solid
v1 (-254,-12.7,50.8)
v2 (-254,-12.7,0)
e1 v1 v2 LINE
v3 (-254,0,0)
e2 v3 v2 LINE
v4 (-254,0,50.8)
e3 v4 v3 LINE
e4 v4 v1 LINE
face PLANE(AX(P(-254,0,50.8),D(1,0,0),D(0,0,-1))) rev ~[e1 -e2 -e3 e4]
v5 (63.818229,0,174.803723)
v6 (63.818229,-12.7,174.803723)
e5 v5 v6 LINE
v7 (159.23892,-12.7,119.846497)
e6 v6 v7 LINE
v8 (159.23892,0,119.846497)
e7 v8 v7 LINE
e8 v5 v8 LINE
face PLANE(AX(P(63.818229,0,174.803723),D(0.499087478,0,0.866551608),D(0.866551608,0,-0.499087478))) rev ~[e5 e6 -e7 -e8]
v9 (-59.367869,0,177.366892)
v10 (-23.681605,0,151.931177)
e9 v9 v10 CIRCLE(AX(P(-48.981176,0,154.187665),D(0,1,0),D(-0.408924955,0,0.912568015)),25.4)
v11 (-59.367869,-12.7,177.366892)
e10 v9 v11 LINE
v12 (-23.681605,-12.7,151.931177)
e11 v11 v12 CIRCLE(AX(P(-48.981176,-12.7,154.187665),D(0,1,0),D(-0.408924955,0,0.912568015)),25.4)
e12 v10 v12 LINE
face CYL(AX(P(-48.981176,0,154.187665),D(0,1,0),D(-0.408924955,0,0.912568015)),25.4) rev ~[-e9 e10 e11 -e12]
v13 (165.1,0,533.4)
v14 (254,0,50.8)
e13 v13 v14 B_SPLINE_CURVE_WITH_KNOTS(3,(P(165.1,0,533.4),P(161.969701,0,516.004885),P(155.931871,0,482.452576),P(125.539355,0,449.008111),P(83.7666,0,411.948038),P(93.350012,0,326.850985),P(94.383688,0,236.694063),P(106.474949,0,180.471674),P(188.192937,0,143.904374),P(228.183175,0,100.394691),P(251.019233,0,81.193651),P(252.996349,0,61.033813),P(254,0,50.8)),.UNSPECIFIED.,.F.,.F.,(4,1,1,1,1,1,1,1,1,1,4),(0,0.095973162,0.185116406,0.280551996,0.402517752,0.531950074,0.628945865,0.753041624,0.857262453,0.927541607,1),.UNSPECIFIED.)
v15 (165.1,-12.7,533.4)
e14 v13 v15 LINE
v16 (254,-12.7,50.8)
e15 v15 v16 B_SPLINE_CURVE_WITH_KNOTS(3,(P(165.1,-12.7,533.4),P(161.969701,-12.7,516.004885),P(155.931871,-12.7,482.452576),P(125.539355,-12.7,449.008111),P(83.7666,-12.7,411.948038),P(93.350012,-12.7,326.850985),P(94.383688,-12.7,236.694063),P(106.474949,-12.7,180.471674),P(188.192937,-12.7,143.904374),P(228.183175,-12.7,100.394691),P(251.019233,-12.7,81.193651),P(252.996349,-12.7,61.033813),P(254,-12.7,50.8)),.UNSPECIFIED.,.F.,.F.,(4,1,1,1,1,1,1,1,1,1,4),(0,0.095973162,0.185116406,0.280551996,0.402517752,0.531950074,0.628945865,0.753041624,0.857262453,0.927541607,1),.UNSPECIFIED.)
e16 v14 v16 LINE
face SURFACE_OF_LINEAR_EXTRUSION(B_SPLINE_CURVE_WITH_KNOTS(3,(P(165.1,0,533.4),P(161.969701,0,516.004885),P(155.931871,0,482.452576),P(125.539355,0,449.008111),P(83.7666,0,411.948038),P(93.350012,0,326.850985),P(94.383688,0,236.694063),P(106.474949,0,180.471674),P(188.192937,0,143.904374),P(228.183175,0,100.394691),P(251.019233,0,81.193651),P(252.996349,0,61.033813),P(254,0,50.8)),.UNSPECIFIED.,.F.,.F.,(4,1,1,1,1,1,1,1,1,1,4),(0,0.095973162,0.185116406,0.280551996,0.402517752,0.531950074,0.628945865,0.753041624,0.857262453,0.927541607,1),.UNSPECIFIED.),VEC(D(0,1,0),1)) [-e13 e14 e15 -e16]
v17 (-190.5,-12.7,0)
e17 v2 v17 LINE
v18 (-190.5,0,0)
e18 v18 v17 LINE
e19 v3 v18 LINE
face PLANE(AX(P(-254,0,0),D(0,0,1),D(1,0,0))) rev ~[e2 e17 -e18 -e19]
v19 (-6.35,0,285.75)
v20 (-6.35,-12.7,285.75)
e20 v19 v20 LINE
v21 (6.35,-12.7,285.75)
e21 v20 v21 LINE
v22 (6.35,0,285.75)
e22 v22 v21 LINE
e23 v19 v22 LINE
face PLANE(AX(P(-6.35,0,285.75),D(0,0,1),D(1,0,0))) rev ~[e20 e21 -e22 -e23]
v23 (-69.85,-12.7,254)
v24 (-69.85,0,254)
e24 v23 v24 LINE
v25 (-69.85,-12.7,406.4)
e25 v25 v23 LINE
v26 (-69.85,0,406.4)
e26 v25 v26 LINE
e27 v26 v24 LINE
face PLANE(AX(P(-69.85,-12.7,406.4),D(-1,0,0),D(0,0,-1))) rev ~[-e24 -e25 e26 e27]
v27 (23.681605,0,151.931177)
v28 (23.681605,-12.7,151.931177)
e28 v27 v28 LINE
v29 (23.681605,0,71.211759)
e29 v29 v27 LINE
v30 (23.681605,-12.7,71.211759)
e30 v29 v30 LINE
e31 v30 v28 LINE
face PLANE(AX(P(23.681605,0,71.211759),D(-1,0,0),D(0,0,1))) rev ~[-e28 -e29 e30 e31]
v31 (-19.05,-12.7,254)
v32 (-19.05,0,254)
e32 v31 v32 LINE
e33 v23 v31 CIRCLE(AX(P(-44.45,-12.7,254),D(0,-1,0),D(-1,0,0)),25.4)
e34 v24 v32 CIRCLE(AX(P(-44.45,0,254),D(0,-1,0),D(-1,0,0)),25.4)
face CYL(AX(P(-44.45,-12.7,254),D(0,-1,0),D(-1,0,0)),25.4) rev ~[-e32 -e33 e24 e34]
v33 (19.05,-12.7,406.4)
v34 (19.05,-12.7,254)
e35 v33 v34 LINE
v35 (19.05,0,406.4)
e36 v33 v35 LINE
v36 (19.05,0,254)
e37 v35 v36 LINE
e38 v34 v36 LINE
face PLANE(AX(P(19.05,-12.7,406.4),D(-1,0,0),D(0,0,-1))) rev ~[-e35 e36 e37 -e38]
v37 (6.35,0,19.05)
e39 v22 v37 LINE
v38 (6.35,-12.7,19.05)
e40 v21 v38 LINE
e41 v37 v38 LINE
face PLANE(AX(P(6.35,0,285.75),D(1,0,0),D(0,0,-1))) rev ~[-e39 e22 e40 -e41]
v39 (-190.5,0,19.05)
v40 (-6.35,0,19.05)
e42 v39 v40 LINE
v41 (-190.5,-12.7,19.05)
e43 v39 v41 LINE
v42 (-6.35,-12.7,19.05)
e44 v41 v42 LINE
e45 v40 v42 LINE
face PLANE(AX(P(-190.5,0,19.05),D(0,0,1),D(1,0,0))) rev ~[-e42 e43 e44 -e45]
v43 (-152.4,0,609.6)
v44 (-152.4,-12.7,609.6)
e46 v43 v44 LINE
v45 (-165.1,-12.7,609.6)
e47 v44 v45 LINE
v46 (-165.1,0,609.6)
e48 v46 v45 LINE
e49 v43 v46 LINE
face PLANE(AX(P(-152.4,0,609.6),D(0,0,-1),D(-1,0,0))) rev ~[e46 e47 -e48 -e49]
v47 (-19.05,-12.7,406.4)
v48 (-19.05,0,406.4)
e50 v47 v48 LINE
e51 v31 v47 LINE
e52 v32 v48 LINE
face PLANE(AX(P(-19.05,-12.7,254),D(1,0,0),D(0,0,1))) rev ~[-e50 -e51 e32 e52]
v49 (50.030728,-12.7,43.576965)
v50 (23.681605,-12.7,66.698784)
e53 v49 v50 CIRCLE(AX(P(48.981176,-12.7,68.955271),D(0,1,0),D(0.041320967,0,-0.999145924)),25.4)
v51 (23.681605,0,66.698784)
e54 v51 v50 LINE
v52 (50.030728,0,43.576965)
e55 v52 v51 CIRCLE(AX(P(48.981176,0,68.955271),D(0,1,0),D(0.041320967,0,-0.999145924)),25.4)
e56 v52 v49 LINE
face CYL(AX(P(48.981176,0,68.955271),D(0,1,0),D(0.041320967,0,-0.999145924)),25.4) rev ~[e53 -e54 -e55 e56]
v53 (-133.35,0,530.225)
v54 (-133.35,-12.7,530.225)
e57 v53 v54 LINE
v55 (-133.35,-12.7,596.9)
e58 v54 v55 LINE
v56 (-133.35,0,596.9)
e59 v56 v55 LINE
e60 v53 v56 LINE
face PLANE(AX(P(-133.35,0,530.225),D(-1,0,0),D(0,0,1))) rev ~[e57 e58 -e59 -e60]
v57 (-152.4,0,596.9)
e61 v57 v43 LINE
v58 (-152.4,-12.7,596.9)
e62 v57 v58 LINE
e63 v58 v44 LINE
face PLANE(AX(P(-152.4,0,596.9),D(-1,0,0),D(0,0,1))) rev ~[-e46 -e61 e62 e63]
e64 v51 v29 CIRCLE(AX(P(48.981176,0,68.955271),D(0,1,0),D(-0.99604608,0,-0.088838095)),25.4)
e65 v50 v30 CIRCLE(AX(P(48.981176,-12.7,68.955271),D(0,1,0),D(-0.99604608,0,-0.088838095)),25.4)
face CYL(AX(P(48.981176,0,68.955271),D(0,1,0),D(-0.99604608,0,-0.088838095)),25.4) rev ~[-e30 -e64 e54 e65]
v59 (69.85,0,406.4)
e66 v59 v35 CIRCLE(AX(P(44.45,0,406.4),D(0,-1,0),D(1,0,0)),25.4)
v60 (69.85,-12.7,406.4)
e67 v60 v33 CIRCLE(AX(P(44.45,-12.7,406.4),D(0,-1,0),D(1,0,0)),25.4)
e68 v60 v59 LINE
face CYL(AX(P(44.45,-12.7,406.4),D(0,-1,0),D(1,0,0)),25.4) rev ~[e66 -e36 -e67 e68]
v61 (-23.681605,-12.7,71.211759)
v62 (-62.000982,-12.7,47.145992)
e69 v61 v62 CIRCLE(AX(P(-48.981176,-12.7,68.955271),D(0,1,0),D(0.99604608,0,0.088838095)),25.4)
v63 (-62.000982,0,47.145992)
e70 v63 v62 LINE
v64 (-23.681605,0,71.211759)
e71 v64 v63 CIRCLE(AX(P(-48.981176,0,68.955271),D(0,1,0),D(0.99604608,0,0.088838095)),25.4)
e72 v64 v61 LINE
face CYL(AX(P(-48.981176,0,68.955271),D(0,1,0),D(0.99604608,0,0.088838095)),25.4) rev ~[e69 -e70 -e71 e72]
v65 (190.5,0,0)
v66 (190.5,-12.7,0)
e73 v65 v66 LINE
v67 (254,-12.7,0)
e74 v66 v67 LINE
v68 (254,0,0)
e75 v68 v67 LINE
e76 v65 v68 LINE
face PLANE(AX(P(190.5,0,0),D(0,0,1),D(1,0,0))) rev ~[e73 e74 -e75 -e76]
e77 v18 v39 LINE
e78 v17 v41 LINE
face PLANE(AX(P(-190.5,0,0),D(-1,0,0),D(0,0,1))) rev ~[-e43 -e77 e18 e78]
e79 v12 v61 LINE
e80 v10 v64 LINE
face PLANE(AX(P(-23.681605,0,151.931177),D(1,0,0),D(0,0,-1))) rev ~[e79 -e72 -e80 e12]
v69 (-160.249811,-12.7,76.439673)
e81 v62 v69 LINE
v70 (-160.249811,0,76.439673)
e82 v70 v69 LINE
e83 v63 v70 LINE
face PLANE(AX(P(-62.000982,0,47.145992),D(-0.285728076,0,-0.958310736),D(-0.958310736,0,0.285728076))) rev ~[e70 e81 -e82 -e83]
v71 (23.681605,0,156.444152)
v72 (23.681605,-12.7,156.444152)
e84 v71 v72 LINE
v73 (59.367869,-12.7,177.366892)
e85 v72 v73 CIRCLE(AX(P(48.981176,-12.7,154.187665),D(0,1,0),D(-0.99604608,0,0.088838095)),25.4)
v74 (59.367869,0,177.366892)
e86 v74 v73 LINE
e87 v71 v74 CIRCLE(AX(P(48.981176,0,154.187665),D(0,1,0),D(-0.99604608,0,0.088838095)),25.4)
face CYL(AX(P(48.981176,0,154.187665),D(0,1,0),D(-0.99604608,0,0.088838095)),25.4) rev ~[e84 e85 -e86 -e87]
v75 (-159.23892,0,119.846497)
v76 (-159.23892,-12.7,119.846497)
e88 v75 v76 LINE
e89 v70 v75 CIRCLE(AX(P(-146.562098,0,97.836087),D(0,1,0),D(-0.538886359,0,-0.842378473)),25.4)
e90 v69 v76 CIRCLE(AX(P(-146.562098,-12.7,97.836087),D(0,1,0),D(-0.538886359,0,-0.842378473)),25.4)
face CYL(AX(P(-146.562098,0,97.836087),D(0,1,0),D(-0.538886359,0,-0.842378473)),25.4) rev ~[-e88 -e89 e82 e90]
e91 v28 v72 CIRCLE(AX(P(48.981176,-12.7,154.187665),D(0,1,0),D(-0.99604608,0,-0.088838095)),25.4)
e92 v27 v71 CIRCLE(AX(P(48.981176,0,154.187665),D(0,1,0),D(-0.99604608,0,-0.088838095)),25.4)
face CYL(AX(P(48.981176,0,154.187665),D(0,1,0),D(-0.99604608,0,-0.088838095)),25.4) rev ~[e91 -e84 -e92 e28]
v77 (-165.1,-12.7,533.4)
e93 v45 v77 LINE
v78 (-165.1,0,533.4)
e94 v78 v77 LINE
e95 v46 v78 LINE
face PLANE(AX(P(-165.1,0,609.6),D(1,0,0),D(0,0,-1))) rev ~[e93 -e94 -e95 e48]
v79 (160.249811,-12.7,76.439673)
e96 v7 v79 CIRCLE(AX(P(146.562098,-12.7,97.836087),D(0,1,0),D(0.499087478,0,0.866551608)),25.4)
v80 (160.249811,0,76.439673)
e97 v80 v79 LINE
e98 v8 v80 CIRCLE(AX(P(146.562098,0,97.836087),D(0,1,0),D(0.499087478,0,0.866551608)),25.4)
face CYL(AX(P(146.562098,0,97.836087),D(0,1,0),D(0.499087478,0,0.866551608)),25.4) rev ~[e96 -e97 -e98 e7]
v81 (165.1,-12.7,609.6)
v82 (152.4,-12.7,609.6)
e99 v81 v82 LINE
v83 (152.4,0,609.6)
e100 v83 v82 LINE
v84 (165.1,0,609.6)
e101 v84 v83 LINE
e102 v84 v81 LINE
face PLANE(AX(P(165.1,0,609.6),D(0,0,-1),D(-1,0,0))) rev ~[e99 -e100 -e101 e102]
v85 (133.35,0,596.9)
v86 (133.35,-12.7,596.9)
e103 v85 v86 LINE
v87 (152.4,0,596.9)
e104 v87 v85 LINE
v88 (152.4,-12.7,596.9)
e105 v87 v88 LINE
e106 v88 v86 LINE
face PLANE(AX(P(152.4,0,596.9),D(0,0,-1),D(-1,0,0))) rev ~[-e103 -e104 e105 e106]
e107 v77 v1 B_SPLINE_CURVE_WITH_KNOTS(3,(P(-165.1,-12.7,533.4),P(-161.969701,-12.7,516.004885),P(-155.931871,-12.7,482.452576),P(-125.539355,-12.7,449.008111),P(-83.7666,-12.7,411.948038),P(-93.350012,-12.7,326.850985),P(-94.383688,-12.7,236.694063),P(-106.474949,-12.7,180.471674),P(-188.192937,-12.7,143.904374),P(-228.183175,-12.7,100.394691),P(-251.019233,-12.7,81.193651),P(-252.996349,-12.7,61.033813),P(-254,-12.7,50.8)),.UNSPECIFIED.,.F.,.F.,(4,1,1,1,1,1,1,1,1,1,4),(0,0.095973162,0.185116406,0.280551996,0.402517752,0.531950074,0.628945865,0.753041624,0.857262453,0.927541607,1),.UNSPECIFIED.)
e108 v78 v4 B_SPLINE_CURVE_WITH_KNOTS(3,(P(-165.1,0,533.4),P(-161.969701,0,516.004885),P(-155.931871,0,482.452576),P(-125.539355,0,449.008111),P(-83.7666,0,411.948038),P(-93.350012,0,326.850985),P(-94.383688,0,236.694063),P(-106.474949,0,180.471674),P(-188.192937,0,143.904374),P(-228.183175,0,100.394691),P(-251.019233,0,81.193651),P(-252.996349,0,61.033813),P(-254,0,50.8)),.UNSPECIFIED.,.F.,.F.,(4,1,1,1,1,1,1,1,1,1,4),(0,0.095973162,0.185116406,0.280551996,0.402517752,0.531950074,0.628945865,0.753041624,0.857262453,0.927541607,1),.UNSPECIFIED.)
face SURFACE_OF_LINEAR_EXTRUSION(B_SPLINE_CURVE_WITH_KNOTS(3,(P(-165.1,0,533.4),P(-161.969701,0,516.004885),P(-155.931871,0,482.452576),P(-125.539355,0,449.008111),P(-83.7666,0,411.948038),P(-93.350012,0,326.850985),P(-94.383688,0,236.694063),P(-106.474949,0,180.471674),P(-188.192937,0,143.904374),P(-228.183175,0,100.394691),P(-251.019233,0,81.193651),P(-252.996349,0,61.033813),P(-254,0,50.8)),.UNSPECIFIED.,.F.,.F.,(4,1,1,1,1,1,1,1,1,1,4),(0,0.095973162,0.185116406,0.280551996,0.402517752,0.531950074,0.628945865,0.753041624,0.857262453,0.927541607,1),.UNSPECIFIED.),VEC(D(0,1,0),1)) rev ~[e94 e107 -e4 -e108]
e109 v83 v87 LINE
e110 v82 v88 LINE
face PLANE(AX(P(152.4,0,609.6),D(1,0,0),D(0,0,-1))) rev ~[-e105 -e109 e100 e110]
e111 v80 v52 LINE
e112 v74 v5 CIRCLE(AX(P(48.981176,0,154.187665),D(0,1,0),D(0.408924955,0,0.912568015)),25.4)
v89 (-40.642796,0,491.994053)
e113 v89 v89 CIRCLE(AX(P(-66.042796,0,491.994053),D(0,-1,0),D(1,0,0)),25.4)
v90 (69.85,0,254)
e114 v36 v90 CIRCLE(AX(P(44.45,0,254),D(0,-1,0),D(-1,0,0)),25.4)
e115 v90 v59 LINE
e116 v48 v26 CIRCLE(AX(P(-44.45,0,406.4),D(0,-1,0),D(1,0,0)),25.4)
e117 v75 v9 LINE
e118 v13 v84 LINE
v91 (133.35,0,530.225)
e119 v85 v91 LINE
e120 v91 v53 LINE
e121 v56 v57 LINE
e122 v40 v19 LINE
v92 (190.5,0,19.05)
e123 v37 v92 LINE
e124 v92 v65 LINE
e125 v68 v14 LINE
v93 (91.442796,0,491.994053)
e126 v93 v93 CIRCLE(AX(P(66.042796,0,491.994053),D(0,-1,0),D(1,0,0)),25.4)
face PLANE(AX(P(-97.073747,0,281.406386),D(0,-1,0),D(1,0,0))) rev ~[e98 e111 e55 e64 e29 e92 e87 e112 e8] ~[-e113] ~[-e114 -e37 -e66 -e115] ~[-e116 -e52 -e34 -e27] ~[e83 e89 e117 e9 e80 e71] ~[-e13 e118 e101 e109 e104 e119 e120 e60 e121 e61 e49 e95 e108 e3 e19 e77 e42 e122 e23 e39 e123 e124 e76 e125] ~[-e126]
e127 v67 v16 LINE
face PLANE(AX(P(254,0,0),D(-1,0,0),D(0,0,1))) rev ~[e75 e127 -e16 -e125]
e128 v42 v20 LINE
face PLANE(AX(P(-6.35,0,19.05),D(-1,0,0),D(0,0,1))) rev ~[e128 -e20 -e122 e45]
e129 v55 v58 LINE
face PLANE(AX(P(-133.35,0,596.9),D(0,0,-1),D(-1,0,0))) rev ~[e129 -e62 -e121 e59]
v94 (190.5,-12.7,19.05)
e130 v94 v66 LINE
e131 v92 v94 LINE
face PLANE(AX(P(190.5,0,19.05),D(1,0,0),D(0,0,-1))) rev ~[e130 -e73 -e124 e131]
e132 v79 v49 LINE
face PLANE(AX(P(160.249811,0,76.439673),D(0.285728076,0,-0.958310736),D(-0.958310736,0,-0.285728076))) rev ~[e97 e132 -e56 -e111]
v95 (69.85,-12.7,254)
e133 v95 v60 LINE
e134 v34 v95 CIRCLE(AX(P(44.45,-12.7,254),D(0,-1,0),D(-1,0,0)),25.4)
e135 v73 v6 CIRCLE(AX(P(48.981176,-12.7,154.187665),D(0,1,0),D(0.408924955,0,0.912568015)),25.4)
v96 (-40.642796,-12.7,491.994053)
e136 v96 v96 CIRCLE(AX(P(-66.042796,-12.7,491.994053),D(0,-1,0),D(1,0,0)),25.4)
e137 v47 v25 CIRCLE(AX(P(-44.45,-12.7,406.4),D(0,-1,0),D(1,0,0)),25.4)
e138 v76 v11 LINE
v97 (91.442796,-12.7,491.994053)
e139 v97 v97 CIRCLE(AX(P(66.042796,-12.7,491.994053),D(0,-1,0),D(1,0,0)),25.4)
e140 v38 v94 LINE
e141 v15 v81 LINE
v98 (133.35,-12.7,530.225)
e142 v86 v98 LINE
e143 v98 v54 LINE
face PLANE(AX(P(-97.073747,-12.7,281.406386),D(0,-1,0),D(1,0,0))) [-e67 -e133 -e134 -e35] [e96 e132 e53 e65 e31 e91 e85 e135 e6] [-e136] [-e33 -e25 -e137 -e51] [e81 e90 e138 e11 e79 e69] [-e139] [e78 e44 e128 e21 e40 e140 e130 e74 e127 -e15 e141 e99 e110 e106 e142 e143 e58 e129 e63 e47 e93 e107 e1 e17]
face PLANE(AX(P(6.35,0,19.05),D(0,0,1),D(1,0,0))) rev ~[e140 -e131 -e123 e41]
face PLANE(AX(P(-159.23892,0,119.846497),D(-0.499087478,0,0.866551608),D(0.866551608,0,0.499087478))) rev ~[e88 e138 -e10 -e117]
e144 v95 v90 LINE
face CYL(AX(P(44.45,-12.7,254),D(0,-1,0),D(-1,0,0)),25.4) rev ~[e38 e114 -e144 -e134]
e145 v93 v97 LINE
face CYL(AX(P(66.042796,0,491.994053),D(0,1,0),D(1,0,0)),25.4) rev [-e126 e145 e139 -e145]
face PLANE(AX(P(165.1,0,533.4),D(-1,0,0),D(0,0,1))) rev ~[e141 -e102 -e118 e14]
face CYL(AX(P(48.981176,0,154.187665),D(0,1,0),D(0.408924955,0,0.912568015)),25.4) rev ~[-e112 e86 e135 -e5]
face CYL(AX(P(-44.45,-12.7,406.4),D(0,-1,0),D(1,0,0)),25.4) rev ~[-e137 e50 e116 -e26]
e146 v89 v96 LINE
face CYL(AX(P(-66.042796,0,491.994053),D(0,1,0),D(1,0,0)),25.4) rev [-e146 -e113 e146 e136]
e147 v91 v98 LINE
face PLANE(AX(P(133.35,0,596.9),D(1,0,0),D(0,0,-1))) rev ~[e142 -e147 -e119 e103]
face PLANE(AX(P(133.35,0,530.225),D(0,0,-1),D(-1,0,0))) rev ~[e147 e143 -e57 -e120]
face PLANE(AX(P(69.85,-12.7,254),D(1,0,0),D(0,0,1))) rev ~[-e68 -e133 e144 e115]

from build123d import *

# Parameters (mm, degrees)
F0_R     = 25.4
F1_DEPTH = 12.7
F3_DEPTH = 25.4


with BuildPart() as f1:
    # F0 (on Front) → F1 (new body)
    with BuildSketch(Plane.XZ):
        with BuildLine():
            Line((-6.35, 285.75), (0, 285.75))
            Line((0, 285.75), (0, 530.225))
            Line((0, 530.225), (-133.35, 530.225))
            Line((-133.35, 530.225), (-133.35, 596.9))
            Line((-133.35, 596.9), (-152.4, 596.9))
            Line((-152.4, 596.9), (-152.4, 609.6))
            Line((-152.4, 609.6), (-165.1, 609.6))
            Line((-165.1, 609.6), (-165.1, 533.4))
            add(Edge.make_bspline(
                [(-165.1, 533.4), (-161.9697013836, 516.0048850618), (-155.9318714731, 482.4525764355), (-125.5393550755, 449.0081112221), (-83.7666001834, 411.9480381505), (-93.3500119565, 326.8509854997), (-94.3836877464, 236.6940625404), (-106.4749493008, 180.4716743188), (-188.1929374524, 143.9043740357), (-228.1831750573, 100.3946907978), (-251.0192334088, 81.1936508198), (-252.9963492936, 61.0338134106), (-254, 50.8)],
                knots=[0, 0, 0, 0, 0.0959731621, 0.1851164057, 0.2805519957, 0.4025177519, 0.5319500735, 0.6289458648, 0.7530416243, 0.8572624534, 0.9275416072, 1, 1, 1, 1], degree=3))
            Line((-254, 50.8), (-254, 0))
            Line((-254, 0), (-190.5, 0))
            Line((-190.5, 0), (-190.5, 19.05))
            Line((-190.5, 19.05), (-6.35, 19.05))
            Line((-6.35, 19.05), (-6.35, 285.75))
        make_face()
        with BuildLine():
            Line((-62.0009822206, 47.1459924547), (-160.2498111723, 76.4396733512))
            ThreePointArc((-160.2498111723, 76.4396733512), (-171.9552123835, 98.4274609924), (-159.2389195946, 119.8464973987))
            Line((-159.2389195946, 119.8464973987), (-59.3678694771, 177.3668921793))
            ThreePointArc((-59.3678694771, 177.3668921793), (-34.2386394195, 174.8714173249), (-23.6816051959, 151.9311769942))
            Line((-23.6816051959, 151.9311769942), (-23.6816051959, 71.2117587397))
            ThreePointArc((-23.6816051959, 71.2117587397), (-35.4723478909, 47.4454693261), (-62.0009822206, 47.1459924547))
        make_face(mode=Mode.SUBTRACT)
        with Locations((-66.0427957773, 491.9940531254)):
            Circle(F0_R, mode=Mode.SUBTRACT)
        with BuildLine():
            Line((0, 530.225), (0, 285.75))
            Line((0, 285.75), (6.35, 285.75))
            Line((6.35, 285.75), (6.35, 19.05))
            Line((6.35, 19.05), (190.5, 19.05))
            Line((190.5, 19.05), (190.5, 0))
            Line((190.5, 0), (254, 0))
            Line((254, 0), (254, 50.8))
            add(Edge.make_bspline(
                [(165.1, 533.4), (161.9697013836, 516.0048850618), (155.9318714731, 482.4525764355), (125.5393550755, 449.0081112221), (83.7666001834, 411.9480381505), (93.3500119565, 326.8509854997), (94.3836877464, 236.6940625404), (106.4749493008, 180.4716743188), (188.1929374524, 143.9043740357), (228.1831750573, 100.3946907978), (251.0192334088, 81.1936508198), (252.9963492936, 61.0338134106), (254, 50.8)],
                knots=[0, 0, 0, 0, 0.0959731621, 0.1851164057, 0.2805519957, 0.4025177519, 0.5319500735, 0.6289458648, 0.7530416243, 0.8572624534, 0.9275416072, 1, 1, 1, 1], degree=3))
            Line((165.1, 533.4), (165.1, 609.6))
            Line((165.1, 609.6), (152.4, 609.6))
            Line((152.4, 609.6), (152.4, 596.9))
            Line((152.4, 596.9), (133.35, 596.9))
            Line((133.35, 596.9), (133.35, 530.225))
            Line((133.35, 530.225), (0, 530.225))
        make_face()
        with BuildLine():
            ThreePointArc((59.3678694771, 177.3668921793), (61.6579975727, 176.198075446), (63.8182289317, 174.8037226477))
            Line((63.8182289317, 174.8037226477), (159.2389195946, 119.8464973987))
            ThreePointArc((159.2389195946, 119.8464973987), (171.9552123835, 98.4274609924), (160.2498111723, 76.4396733512))
            Line((160.2498111723, 76.4396733512), (50.0307281778, 43.5769646513))
            ThreePointArc((50.0307281778, 43.5769646513), (32.2279529913, 49.8636621936), (23.6816051959, 66.6987835085))
            ThreePointArc((23.6816051959, 66.6987835085), (23.5811756199, 68.9552711241), (23.6816051959, 71.2117587397))
            Line((23.6816051959, 71.2117587397), (23.6816051959, 151.9311769942))
            ThreePointArc((23.6816051959, 151.9311769942), (23.5811756199, 154.1876646098), (23.6816051959, 156.4441522254))
            ThreePointArc((23.6816051959, 156.4441522254), (36.1344354237, 176.0993342479), (59.3678694771, 177.3668921793))
        make_face(mode=Mode.SUBTRACT)
        with Locations((66.0427957773, 491.9940531254)):
            Circle(F0_R, mode=Mode.SUBTRACT)
    extrude(amount=F1_DEPTH)

    # F2 (on face) → F3 (cut)
    with BuildSketch(Plane.XZ.offset(12.7)):
        with BuildLine():
            Line((-19.05, 254), (-19.05, 406.4))
            ThreePointArc((-19.05, 406.4), (-44.45, 431.8), (-69.85, 406.4))
            Line((-69.85, 406.4), (-69.85, 254))
            ThreePointArc((-69.85, 254), (-44.45, 228.6), (-19.05, 254))
        make_face()
        with BuildLine():
            Line((69.85, 254), (69.85, 406.4))
            ThreePointArc((69.85, 406.4), (44.45, 431.8), (19.05, 406.4))
            Line((19.05, 406.4), (19.05, 254))
            ThreePointArc((19.05, 254), (44.45, 228.6), (69.85, 254))
        make_face()
    extrude(amount=-F3_DEPTH, mode=Mode.SUBTRACT)


solid = f1.part
